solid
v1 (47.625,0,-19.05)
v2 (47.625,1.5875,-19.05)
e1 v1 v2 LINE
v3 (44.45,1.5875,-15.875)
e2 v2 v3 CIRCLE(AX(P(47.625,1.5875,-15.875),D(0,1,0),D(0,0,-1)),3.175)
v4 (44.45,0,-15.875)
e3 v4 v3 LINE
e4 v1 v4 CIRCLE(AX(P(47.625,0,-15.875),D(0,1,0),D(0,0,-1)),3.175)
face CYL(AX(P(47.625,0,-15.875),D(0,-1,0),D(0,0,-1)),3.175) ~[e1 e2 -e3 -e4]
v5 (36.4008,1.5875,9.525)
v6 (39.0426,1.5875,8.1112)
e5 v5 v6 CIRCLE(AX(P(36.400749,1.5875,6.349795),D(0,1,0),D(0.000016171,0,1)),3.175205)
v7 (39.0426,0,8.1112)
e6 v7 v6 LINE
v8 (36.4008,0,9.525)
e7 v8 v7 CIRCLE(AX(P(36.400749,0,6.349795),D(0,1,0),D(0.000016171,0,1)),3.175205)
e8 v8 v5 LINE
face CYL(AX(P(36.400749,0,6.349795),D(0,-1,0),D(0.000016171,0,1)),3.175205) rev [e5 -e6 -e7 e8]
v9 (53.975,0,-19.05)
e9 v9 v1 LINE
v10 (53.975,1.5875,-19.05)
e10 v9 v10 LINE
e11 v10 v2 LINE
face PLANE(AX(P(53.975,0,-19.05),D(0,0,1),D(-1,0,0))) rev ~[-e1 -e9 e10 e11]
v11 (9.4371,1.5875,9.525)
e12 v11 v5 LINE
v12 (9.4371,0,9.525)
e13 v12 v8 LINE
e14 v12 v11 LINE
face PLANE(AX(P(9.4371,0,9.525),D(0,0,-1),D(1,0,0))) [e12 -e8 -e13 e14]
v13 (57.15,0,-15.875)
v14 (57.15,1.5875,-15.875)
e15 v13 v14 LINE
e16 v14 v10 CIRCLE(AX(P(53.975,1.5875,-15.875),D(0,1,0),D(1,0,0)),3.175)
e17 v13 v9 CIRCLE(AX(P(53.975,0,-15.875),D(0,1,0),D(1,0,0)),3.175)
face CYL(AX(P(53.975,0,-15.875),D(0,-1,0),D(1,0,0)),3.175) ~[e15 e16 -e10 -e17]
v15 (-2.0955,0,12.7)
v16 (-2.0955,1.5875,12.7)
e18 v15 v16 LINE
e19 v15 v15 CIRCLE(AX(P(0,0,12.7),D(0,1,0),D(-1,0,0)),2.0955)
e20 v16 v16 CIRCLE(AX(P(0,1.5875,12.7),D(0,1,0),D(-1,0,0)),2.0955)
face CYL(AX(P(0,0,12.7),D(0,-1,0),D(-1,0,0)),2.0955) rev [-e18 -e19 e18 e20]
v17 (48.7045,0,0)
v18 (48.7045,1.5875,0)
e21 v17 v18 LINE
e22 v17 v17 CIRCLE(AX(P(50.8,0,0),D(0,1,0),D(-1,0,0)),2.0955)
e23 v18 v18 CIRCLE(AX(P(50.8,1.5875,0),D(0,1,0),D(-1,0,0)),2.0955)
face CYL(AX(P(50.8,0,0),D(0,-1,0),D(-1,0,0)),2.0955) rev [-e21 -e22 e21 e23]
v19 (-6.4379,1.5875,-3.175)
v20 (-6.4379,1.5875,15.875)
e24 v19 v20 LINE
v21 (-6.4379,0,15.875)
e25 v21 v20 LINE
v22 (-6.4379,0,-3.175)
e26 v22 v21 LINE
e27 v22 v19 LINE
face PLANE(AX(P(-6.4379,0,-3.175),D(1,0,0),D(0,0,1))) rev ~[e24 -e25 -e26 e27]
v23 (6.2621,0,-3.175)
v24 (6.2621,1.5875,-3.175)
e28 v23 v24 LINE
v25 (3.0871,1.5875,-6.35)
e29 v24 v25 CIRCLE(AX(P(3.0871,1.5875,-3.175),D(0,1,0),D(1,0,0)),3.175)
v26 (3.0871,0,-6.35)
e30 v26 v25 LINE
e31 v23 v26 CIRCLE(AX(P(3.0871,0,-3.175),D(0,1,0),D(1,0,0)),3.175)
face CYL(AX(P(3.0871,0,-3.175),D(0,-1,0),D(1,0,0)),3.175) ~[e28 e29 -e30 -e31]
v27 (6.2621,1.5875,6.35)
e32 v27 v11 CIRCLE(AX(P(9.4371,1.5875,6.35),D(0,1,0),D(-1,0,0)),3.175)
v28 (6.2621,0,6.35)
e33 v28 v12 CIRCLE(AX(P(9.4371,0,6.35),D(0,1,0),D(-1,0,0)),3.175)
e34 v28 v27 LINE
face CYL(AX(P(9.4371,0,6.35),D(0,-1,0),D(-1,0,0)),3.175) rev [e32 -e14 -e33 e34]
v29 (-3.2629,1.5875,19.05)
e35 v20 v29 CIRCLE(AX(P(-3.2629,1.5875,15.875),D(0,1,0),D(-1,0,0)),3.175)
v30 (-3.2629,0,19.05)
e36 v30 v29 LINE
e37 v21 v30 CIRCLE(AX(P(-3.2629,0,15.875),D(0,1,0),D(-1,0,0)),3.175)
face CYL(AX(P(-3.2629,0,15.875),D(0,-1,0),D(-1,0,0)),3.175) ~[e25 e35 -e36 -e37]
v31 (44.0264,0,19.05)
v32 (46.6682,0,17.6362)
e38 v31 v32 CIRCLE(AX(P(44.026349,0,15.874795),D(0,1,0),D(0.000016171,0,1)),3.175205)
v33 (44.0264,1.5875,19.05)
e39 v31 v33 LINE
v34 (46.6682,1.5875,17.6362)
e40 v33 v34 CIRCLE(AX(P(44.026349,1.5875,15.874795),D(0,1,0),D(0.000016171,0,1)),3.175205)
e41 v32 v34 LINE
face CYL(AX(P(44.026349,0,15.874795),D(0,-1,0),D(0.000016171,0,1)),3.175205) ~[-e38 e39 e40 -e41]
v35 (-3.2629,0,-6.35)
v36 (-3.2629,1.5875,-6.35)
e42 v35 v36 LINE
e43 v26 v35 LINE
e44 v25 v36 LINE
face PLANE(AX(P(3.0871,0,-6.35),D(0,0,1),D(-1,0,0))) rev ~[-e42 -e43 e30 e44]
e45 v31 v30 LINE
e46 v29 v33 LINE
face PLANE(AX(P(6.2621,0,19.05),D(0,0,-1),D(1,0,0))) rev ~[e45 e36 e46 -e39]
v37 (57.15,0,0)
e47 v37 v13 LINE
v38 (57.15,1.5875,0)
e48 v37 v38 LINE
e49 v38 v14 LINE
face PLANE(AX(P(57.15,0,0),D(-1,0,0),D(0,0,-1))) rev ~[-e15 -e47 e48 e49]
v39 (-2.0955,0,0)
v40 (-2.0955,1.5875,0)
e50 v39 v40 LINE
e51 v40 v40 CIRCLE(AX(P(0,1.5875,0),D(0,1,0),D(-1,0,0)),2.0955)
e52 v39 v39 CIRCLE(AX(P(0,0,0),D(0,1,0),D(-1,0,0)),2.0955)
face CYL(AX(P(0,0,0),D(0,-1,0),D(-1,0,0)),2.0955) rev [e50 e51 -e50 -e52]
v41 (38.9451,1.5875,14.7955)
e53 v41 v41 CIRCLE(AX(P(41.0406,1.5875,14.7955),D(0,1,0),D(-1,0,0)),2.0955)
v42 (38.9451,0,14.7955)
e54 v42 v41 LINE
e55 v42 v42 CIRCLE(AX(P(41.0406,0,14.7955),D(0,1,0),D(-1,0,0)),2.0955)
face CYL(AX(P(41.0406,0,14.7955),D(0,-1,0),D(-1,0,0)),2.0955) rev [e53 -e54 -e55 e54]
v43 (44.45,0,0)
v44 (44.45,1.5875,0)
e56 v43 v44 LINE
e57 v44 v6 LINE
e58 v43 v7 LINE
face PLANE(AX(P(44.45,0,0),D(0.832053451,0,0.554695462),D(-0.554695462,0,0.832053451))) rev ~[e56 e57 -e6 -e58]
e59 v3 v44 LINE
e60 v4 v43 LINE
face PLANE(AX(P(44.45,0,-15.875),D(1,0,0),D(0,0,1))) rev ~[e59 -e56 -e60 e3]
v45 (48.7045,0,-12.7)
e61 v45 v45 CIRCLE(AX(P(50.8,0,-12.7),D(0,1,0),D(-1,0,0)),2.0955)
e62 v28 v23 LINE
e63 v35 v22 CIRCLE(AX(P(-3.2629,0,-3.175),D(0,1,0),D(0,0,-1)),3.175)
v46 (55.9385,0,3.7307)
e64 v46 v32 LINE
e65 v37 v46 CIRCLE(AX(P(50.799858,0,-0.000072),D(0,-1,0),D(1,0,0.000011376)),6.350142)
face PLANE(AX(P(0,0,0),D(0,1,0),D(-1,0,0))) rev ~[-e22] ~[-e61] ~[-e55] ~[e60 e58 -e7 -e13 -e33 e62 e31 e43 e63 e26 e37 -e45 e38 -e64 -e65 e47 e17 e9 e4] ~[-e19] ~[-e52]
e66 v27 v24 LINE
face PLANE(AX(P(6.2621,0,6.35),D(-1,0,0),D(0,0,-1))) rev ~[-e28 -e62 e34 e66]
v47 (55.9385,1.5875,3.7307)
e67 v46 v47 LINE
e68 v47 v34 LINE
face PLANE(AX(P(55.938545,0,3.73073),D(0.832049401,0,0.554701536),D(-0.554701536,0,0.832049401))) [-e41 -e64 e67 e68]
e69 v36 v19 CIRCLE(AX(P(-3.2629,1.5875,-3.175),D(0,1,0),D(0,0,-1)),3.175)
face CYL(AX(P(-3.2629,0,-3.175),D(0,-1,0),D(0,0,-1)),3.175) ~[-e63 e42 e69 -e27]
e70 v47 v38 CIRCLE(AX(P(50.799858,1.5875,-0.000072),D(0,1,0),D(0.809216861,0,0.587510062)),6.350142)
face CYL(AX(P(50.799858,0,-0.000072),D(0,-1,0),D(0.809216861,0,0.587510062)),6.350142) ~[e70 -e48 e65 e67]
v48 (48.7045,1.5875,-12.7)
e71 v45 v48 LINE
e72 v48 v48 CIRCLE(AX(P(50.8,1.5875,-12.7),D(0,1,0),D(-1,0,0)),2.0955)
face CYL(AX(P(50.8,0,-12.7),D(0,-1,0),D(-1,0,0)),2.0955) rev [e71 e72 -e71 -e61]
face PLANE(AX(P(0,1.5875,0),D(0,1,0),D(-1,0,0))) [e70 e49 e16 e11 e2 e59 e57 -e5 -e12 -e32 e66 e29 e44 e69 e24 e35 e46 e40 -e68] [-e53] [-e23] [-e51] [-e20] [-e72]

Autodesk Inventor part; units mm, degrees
ref_plane "YZ Plane" through (0, 0, 0) normal (1, 0, 0) x (0, 1, 0)
ref_plane "XZ Plane" through (0, 0, 0) normal (0, 1, 0) x (-1, 0, 0)
ref_plane "XY Plane" through (0, 0, 0) normal (0, 0, 1) x (1, 0, 0)
sketch "main" plane through (0, 0, 0) normal (0, 0, 1) x (1, 0, 0)
  point P0 (-4.8343, 8.0815)
sketch "Sketch1" plane through (0, 0, 0) normal (0, 1, 0) x (-1, 0, 0)
  circle A0 centre (0, 0) radius 2.0955
  circle A1 centre (0, 12.7) radius 2.0955
  circle A2 centre (-50.8, 0) radius 2.0955
  line L0 (6.4379, -3.175) -> (6.4379, 15.875)
  line L1 (3.2629, 19.05) -> (-6.2621, 19.05)
  line L2 (-6.2621, 6.35) -> (-6.2621, -3.175)
  line L3 (-3.0871, -6.35) -> (3.2629, -6.35)
  line L4 (3.2629, 19.05) -> (-44.0264, 19.05)
  line L5 (-44.45, -15.875) -> (-44.45, 0)
  line L6 (-9.4371, 9.525) -> (-36.4008, 9.525)
  line L7 (-57.15, 0) -> (-57.15, -15.875)
  line L8 (-53.975, -19.05) -> (-47.625, -19.05)
  arc A3 (3.2629, -6.35) -> (6.4379, -3.175) centre (3.2629, -3.175) ccw
  arc A4 (-6.2621, -3.175) -> (-3.0871, -6.35) centre (-3.0871, -3.175) ccw
  arc A5 (6.4379, 15.875) -> (3.2629, 19.05) centre (3.2629, 15.875) ccw
  arc A6 (-47.625, -19.05) -> (-44.45, -15.875) centre (-47.625, -15.875) ccw
  arc A7 (-57.15, -15.875) -> (-53.975, -19.05) centre (-53.975, -15.875) ccw
  arc A8 (-6.2621, 6.35) -> (-9.4371, 9.525) centre (-9.4371, 6.35) ccw
  circle A9 centre (-41.0406, 14.7955) radius 2.0955
  circle A10 centre (-50.8, -12.7) radius 2.0955
  line L9 (-44.45, 0) -> (-39.0426, 8.1112)
  arc A11 (-55.9385, 3.7307) -> (-57.15, 0) centre (-50.8, 0) ccw
  line L10 (-56.2201, 3.3084) -> (-46.6682, 17.6362)
  arc A12 (-44.0264, 19.05) -> (-46.6682, 17.6362) centre (-44.0264, 15.875) ccw
  arc A13 (-36.4008, 9.525) -> (-39.0426, 8.1112) centre (-36.4008, 6.35) ccw
  point P0 (-44.45, -19.05)
  point P1 (-57.15, -19.05)
  point P2 (-50.8, -19.05)
  dimension "d17" = 4.191
  dimension "d19" = 12.7
  dimension "d20" = 3.175
  dimension "d21" = 3.175
  dimension "d22" = 4.191
  dimension "d23" = 6.35
  dimension "d24" = 3.175
extrude "Extrusion1" add sketch "Sketch1" along normal blind 1.5875
equation "\"BendRadius\" = Thickness"
equation "\"BendReliefWidth\" = Thickness"
equation "\"BendReliefDepth\" = 0.5 * Thickness"
equation "\"CornerReliefSize\" = 4 * Thickness"
equation "\"MinimumRemnant\" = 2 * Thickness"
equation "\"TransitionRadius\" = BendRadius"
equation "\"JacobiRadiusSize\" = BendRadius"
equation "\"GapSize\" = Thickness"
equation "\"Thickness\" = 1.5875"
properties part number "MOGO Funnel" material "Acetal Resin, White"
